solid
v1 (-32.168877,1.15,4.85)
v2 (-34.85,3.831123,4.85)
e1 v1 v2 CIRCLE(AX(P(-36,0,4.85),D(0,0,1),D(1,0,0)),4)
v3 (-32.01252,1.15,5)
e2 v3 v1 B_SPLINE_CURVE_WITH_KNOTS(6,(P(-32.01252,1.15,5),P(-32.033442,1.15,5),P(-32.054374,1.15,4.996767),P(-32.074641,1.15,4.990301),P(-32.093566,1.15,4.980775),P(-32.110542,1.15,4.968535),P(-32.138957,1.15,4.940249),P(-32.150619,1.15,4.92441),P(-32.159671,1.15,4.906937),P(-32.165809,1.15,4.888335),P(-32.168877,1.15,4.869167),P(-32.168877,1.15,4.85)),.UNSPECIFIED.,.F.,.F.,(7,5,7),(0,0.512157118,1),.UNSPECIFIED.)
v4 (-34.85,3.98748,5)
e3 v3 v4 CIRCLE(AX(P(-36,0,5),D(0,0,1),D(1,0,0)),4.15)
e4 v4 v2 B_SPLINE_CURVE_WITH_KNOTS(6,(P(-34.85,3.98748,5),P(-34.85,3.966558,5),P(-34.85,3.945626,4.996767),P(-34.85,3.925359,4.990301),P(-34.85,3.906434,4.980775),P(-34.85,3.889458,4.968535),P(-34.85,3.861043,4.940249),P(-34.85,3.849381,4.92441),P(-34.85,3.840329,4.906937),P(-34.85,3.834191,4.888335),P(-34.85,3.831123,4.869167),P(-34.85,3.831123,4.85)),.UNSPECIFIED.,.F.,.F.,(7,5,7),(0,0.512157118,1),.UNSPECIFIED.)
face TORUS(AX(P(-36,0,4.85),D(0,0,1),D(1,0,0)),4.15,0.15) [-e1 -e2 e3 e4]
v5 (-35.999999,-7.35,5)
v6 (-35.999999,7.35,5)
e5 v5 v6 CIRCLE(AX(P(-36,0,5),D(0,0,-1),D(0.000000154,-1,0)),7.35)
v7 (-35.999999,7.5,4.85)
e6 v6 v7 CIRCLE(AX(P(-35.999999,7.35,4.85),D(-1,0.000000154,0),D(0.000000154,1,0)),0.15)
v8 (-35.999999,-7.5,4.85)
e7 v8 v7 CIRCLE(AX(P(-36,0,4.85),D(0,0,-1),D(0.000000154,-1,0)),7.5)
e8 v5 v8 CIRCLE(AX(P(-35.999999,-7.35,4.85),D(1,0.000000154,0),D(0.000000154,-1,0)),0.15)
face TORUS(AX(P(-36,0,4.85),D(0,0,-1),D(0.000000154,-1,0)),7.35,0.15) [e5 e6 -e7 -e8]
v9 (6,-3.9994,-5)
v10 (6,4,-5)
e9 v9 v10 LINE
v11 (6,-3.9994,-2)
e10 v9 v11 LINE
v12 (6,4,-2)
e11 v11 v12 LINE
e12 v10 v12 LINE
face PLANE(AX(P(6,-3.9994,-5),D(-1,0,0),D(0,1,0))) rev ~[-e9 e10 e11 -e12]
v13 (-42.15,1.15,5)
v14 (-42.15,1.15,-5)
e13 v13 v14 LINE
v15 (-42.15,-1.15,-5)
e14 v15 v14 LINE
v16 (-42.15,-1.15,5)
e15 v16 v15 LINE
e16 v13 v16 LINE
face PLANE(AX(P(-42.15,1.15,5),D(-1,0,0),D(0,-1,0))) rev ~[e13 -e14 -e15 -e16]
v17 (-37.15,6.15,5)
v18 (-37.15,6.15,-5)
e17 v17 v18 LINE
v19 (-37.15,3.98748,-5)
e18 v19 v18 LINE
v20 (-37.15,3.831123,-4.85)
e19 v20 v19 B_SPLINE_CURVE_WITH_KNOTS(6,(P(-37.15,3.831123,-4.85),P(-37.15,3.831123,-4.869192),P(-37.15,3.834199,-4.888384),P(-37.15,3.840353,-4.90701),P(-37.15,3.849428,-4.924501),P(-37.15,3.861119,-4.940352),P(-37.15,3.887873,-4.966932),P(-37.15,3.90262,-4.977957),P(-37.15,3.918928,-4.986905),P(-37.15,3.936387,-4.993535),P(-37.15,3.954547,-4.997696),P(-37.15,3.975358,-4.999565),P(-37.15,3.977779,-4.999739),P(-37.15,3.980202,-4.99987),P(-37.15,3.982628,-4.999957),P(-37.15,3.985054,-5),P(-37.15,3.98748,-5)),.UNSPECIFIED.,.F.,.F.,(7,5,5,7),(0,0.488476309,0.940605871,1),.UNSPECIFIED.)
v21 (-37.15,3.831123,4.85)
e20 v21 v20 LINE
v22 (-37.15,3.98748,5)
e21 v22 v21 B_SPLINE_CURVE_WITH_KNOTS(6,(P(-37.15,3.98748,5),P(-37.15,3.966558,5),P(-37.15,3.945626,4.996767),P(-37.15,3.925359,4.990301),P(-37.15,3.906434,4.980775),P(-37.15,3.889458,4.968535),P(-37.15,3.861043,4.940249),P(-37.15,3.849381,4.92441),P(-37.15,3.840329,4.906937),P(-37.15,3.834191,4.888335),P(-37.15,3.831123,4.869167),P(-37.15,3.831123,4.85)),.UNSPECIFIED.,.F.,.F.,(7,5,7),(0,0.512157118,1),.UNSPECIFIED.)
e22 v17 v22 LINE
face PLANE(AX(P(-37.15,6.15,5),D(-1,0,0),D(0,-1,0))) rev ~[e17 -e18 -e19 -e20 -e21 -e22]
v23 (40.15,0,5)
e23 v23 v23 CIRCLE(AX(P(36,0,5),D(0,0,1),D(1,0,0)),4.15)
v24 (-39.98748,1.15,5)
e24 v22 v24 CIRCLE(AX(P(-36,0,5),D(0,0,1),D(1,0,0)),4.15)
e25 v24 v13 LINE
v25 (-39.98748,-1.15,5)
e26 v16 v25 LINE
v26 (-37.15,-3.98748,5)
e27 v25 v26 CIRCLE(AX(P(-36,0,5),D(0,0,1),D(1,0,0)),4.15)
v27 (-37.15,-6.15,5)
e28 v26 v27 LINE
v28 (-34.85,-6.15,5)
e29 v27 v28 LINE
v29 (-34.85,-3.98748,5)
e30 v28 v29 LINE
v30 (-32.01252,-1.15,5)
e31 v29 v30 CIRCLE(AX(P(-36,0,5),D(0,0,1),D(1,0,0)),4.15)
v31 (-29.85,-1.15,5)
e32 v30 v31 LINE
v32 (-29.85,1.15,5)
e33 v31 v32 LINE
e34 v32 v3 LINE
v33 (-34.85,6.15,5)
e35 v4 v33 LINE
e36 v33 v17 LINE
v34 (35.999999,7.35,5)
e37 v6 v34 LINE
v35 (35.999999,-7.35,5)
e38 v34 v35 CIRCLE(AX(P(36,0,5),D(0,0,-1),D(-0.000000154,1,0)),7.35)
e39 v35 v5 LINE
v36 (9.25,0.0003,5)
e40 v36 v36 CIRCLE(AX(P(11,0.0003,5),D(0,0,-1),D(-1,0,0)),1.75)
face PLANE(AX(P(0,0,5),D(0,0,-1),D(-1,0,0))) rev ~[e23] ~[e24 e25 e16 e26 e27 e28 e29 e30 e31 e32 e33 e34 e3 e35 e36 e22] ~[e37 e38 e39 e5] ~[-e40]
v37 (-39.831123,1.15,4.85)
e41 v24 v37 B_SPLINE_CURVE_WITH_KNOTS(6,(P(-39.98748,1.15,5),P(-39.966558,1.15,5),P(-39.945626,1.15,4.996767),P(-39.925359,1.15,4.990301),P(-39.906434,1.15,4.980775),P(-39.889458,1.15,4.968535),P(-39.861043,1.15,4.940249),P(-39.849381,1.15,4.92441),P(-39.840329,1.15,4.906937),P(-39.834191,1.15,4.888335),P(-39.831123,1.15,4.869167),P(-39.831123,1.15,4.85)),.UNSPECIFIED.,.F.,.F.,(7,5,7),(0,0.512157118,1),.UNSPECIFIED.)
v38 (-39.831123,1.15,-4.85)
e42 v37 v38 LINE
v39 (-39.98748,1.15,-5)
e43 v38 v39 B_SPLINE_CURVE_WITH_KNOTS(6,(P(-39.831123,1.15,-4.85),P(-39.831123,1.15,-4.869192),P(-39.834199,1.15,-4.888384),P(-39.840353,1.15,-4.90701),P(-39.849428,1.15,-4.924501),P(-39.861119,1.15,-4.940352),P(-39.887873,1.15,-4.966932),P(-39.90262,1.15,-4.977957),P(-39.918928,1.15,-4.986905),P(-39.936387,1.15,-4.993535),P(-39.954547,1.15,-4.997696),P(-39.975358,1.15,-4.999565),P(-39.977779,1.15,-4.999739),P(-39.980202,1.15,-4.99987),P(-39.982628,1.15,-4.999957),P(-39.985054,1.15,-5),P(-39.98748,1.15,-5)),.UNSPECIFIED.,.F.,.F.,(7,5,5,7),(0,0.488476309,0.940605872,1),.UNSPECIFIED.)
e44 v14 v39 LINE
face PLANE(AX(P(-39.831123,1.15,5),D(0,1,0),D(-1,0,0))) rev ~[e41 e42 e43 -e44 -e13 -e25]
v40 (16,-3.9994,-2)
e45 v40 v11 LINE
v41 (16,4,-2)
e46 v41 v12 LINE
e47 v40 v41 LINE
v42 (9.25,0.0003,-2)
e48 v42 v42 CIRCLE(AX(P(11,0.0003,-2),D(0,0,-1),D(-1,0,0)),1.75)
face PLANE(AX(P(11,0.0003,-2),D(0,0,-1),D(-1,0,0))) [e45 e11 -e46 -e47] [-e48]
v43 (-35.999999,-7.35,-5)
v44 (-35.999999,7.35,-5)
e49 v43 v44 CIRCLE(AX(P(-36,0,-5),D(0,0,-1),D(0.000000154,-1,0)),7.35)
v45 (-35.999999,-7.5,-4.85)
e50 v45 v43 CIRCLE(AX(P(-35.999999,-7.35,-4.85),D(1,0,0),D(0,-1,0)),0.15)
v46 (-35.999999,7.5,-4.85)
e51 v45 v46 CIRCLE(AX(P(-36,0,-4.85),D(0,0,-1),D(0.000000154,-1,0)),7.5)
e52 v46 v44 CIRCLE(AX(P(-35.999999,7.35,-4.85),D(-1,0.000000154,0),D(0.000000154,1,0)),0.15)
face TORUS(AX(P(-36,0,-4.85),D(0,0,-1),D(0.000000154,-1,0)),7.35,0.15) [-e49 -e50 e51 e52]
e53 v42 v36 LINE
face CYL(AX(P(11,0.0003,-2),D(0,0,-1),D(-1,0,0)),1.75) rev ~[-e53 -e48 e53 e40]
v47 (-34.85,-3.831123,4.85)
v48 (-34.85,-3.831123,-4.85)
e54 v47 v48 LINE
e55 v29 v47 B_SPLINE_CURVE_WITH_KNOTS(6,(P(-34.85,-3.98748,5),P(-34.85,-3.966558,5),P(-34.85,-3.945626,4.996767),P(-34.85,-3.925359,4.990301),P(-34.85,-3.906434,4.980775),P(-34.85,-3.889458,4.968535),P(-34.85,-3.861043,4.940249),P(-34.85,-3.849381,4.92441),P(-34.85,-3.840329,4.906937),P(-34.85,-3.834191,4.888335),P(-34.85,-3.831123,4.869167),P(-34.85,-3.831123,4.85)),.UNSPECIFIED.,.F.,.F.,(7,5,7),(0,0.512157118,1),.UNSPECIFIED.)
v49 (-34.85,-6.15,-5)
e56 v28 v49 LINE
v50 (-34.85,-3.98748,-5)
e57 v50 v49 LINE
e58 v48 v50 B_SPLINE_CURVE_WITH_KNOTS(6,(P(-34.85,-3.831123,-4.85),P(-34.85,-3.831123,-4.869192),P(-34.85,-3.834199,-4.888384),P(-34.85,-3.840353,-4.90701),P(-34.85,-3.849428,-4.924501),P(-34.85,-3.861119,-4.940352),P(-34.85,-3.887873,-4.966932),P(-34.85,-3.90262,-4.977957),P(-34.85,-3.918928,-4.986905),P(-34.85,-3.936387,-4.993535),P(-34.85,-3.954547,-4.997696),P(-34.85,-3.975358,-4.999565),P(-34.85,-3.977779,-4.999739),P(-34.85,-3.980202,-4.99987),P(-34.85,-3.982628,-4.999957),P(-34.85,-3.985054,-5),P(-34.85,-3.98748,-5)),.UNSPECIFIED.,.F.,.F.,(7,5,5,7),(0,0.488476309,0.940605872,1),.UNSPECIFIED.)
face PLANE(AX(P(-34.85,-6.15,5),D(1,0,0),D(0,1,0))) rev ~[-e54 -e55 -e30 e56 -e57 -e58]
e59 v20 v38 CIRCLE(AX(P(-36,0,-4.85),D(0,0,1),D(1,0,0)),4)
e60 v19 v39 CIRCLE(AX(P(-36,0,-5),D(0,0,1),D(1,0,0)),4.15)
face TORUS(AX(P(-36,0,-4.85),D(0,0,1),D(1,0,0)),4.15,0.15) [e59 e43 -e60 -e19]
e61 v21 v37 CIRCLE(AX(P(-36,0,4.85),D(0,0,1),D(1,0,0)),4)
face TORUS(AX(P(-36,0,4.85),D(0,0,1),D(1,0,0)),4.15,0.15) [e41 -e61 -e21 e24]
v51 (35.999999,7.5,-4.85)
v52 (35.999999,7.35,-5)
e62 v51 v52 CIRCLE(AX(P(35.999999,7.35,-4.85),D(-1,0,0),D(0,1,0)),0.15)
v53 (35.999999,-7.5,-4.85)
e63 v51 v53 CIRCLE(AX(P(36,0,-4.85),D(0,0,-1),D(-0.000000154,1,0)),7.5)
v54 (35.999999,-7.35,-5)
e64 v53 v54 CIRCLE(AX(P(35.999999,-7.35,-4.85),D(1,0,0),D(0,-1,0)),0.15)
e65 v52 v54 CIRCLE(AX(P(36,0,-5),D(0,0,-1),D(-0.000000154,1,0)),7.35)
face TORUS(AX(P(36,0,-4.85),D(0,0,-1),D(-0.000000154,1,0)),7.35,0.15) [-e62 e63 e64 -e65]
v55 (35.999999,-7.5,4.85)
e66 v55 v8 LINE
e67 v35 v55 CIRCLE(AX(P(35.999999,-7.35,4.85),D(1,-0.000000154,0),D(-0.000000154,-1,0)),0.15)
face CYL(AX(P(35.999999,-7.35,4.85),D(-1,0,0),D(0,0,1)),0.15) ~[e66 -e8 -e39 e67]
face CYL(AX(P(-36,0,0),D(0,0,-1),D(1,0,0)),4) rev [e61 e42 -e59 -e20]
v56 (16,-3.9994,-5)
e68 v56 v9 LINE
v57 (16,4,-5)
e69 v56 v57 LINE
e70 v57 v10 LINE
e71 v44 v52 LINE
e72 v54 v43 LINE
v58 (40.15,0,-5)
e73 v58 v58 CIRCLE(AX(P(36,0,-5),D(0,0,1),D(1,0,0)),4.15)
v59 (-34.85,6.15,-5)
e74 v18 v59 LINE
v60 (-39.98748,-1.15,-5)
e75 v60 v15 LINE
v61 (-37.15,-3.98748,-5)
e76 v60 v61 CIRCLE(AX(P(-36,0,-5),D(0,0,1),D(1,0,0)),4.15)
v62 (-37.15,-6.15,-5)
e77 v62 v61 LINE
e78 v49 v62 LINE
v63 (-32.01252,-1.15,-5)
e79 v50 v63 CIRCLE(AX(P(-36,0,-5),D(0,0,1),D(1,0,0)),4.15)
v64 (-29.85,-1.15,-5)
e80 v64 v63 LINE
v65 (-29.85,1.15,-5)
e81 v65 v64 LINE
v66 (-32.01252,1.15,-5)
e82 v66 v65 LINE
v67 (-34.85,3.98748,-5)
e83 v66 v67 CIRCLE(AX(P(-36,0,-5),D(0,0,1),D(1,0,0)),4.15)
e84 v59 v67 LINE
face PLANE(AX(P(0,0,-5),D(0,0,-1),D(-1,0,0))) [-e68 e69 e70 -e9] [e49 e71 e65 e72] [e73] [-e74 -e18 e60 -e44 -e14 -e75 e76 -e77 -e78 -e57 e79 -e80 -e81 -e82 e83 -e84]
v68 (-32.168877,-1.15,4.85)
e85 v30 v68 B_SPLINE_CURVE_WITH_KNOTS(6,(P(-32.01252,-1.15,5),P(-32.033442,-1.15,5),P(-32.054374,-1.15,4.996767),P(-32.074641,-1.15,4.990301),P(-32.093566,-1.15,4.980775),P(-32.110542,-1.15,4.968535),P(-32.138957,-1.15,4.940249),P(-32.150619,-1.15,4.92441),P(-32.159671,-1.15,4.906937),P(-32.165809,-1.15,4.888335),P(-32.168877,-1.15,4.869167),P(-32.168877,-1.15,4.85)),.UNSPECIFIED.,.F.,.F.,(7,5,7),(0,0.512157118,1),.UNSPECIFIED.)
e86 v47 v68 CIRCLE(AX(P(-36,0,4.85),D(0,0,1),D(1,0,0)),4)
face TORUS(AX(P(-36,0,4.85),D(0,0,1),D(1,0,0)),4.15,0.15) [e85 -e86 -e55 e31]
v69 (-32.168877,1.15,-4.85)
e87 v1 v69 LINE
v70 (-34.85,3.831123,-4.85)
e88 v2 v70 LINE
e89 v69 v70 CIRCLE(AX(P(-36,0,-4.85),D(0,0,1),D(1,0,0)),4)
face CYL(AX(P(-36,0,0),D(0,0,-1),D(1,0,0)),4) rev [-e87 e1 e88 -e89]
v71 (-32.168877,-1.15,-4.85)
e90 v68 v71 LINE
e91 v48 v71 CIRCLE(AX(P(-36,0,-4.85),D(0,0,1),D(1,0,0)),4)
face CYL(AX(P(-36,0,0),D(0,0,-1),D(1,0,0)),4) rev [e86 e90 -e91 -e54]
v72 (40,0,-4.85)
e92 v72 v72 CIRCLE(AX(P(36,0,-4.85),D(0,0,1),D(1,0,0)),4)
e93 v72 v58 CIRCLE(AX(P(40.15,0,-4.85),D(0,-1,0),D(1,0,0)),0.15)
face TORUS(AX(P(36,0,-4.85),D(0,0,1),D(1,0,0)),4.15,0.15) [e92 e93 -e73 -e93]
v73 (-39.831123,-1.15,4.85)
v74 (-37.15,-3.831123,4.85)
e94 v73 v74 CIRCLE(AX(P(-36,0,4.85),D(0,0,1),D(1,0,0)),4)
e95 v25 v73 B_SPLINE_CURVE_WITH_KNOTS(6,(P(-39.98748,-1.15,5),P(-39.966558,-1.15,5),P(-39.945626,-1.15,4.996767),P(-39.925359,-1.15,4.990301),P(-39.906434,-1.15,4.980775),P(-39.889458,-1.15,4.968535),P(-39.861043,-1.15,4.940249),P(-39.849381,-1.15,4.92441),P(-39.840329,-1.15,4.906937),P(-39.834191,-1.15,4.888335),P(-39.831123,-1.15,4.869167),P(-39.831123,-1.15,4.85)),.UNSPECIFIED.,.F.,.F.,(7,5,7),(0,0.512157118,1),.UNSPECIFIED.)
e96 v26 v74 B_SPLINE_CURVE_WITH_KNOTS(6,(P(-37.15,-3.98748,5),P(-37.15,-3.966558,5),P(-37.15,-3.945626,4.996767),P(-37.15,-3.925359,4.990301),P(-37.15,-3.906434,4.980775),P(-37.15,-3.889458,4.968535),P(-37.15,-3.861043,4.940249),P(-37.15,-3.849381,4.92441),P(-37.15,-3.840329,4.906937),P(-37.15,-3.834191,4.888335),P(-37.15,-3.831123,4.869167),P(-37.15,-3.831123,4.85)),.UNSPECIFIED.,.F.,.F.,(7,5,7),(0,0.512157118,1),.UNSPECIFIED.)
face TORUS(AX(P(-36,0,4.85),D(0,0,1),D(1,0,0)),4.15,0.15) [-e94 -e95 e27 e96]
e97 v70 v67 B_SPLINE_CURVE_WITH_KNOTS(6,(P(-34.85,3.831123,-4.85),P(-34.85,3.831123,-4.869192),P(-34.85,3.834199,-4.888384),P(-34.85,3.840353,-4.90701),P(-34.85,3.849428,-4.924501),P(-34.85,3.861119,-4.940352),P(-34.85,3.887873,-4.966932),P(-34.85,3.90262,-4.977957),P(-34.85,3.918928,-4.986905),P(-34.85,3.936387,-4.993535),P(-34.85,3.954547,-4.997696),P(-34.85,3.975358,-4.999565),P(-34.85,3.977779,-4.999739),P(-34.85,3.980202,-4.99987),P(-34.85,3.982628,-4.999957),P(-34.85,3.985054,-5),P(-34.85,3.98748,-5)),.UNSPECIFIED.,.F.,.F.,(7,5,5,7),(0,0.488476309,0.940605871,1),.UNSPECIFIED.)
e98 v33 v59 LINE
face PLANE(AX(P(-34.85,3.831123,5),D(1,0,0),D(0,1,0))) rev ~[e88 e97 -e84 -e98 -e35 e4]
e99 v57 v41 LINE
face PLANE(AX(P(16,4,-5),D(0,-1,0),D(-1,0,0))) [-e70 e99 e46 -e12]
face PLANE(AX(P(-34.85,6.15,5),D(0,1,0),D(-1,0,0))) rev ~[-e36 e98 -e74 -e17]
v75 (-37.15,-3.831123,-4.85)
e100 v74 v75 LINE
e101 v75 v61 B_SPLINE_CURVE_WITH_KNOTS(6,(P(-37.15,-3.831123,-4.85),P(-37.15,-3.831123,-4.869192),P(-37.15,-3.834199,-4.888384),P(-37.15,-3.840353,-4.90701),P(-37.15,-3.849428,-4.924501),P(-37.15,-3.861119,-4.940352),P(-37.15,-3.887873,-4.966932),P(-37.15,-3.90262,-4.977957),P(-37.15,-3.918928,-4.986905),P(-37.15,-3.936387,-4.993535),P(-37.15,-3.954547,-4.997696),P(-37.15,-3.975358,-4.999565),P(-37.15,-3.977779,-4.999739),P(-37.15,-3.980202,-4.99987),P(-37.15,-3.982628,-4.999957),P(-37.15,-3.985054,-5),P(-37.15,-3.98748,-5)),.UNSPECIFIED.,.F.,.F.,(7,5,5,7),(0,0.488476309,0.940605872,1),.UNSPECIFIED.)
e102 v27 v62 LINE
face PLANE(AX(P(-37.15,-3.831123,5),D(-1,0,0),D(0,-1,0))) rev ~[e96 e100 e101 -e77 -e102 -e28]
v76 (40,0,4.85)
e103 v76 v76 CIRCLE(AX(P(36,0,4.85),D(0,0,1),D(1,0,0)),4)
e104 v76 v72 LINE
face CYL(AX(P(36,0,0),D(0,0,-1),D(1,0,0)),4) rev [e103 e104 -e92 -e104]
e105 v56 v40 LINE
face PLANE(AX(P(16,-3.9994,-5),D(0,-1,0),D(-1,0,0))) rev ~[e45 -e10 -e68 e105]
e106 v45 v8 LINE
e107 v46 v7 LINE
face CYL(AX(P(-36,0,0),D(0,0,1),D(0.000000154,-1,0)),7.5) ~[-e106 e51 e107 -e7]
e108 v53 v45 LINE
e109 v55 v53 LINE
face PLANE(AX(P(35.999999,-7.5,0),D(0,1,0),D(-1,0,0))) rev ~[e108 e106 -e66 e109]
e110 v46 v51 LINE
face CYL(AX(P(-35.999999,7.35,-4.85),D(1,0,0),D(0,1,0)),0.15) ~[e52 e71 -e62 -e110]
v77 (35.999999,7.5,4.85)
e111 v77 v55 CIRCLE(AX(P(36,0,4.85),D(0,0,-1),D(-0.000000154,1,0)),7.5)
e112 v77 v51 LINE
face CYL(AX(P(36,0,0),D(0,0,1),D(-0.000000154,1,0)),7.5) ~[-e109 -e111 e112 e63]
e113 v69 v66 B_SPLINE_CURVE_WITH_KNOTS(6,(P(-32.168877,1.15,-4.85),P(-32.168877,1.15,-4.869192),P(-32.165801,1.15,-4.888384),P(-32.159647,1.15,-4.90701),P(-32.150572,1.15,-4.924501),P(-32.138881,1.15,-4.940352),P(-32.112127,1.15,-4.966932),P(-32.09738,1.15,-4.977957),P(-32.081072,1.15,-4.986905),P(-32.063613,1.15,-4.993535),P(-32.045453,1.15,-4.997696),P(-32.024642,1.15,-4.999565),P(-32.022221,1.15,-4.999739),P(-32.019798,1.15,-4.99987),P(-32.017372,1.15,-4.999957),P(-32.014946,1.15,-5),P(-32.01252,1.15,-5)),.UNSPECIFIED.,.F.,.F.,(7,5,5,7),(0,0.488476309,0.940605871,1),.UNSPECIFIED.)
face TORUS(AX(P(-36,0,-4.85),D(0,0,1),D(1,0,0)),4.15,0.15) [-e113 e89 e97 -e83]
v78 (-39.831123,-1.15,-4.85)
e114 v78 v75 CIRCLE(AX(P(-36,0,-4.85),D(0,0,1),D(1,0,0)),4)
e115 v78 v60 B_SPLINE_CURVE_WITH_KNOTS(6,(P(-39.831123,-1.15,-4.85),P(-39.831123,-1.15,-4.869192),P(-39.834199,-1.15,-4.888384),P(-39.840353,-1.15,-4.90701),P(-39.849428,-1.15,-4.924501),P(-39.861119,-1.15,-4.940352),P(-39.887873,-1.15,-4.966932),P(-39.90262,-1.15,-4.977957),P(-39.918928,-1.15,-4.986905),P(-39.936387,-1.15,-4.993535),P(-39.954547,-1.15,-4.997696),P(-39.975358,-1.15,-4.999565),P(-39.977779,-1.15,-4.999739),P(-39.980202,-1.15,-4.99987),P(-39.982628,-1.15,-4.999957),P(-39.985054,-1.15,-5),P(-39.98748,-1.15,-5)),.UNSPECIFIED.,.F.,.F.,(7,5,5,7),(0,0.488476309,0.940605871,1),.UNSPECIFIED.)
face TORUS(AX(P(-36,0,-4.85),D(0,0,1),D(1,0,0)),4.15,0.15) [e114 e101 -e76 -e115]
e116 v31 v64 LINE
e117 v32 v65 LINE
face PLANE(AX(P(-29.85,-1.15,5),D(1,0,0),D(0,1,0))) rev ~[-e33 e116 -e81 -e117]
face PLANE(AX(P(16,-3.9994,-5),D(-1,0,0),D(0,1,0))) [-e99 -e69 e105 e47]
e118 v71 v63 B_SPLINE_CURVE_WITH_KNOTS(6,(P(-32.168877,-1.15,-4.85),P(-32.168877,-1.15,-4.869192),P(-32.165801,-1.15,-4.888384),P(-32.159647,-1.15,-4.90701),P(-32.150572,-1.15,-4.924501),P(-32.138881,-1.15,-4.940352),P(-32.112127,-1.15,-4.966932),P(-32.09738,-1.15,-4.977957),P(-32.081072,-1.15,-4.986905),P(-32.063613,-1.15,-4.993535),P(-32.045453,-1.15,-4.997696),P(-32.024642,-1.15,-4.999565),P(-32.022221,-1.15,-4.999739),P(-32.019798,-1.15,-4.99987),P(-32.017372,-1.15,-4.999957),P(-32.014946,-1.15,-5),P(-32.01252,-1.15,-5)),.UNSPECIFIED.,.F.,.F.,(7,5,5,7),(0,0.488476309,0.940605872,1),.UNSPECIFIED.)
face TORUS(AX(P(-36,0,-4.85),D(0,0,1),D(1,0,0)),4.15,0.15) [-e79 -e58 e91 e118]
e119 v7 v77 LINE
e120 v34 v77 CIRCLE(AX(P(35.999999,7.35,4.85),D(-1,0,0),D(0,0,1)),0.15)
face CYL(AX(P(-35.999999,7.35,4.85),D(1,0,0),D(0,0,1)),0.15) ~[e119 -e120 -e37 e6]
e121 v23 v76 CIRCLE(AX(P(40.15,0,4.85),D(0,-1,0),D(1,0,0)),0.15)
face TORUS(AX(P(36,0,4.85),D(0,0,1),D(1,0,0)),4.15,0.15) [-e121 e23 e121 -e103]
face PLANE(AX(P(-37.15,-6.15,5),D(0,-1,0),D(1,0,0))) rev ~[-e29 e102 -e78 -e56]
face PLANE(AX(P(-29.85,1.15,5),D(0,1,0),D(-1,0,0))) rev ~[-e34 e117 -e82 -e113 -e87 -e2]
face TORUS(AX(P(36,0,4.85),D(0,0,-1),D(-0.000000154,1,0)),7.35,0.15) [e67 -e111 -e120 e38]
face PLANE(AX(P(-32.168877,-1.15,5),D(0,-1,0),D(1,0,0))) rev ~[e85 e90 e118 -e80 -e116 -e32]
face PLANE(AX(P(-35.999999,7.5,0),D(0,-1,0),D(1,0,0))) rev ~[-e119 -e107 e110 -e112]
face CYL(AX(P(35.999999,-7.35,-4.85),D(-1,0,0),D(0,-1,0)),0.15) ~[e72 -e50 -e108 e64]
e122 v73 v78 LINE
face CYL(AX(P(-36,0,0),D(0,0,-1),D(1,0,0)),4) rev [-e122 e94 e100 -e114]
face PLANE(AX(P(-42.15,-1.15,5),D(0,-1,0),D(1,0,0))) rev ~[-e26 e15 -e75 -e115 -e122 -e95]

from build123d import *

# Parameters (mm, degrees)
SKETCH1_R           = 4
BOSS_EXTRUDE1_DEPTH = 5
FILLET2_R           = 0.15
SKETCH2_W           = 10
SKETCH2_H           = 7.9994
CUT_EXTRUDE1_DEPTH  = 3
SKETCH3_R           = 1.75
CUT_EXTRUDE2_DEPTH  = 45.69339996
CUT_EXTRUDE3_DEPTH  = 46.260357931


with BuildPart() as part:
    # Sketch1 → Boss-Extrude1 (new, symmetric)
    with BuildSketch(Plane.XY):
        with BuildLine():
            Line((-35.999998845, 7.5), (35.999998845, 7.5))
            ThreePointArc((35.999998845, 7.5), (43.5, 0), (35.999998845, -7.5))
            Line((35.999998845, -7.5), (-35.999998845, -7.5))
            ThreePointArc((-35.999998845, -7.5), (-43.5, 0), (-35.999998845, 7.5))
        make_face()
        with Locations((-36, 0)):
            Circle(SKETCH1_R, mode=Mode.SUBTRACT)
        with Locations((36, 0)):
            Circle(SKETCH1_R, mode=Mode.SUBTRACT)
    extrude(amount=BOSS_EXTRUDE1_DEPTH, both=True)

    # Fillet2
    fillet2_edges = [part.edges().sort_by_distance(p)[0] for p in [
        (-40, 0, -5),
        (-40, 0, 5),
        (-43.5, 0, 5),
        (32, 0, -5),
        (32, 0, 5),
        (0, -7.5, 5),
        (43.5, 0, 5),
        (0, -7.5, -5),
        (-43.5, 0, -5),
        (0, 7.5, -5),
        (43.5, 0, -5),
        (0, 7.5, 5),
    ]]
    fillet(fillet2_edges, radius=FILLET2_R)

    # Sketch2 → Cut-Extrude1 (cut)
    with BuildSketch(Plane(origin=(0, 0, -5), x_dir=(-1, 0, 0), z_dir=(0, 0, -1))):
        with Locations((-11, 0.0003)):
            Rectangle(SKETCH2_W, SKETCH2_H)
    extrude(amount=-CUT_EXTRUDE1_DEPTH, mode=Mode.SUBTRACT)

    # Sketch3 → Cut-Extrude2 (cut, through all)
    with BuildSketch(Plane(origin=(0, 0, -2), x_dir=(-1, 0, 0), z_dir=(0, 0, -1))):
        with Locations((-11, 0.0003)):
            Circle(SKETCH3_R)
    extrude(amount=-CUT_EXTRUDE2_DEPTH, mode=Mode.SUBTRACT)

    # Sketch4 → Cut-Extrude3 (cut, through all)
    with BuildSketch(Plane.XY.offset(5)):
        with BuildLine():
            Line((-29.85, 1.15), (-32.168877449, 1.15))
            ThreePointArc((-32.168877449, 1.15), (-33.171572875, 2.828427125), (-34.85, 3.831122551))
            Line((-34.85, 3.831122551), (-34.85, 6.15))
            Line((-34.85, 6.15), (-37.15, 6.15))
            Line((-37.15, 6.15), (-37.15, 3.831122551))
            ThreePointArc((-37.15, 3.831122551), (-38.828427125, 2.828427125), (-39.831122551, 1.15))
            Line((-39.831122551, 1.15), (-42.15, 1.15))
            Line((-42.15, 1.15), (-42.15, -1.15))
            Line((-42.15, -1.15), (-39.831122551, -1.15))
            ThreePointArc((-39.831122551, -1.15), (-38.828427125, -2.828427125), (-37.15, -3.831122551))
            Line((-37.15, -3.831122551), (-37.15, -6.15))
            Line((-37.15, -6.15), (-34.85, -6.15))
            Line((-34.85, -6.15), (-34.85, -3.831122551))
            ThreePointArc((-34.85, -3.831122551), (-33.171572875, -2.828427125), (-32.168877449, -1.15))
            Line((-32.168877449, -1.15), (-29.85, -1.15))
            Line((-29.85, -1.15), (-29.85, 1.15))
        make_face()
    extrude(amount=-CUT_EXTRUDE3_DEPTH, mode=Mode.SUBTRACT)


solid = part.part
